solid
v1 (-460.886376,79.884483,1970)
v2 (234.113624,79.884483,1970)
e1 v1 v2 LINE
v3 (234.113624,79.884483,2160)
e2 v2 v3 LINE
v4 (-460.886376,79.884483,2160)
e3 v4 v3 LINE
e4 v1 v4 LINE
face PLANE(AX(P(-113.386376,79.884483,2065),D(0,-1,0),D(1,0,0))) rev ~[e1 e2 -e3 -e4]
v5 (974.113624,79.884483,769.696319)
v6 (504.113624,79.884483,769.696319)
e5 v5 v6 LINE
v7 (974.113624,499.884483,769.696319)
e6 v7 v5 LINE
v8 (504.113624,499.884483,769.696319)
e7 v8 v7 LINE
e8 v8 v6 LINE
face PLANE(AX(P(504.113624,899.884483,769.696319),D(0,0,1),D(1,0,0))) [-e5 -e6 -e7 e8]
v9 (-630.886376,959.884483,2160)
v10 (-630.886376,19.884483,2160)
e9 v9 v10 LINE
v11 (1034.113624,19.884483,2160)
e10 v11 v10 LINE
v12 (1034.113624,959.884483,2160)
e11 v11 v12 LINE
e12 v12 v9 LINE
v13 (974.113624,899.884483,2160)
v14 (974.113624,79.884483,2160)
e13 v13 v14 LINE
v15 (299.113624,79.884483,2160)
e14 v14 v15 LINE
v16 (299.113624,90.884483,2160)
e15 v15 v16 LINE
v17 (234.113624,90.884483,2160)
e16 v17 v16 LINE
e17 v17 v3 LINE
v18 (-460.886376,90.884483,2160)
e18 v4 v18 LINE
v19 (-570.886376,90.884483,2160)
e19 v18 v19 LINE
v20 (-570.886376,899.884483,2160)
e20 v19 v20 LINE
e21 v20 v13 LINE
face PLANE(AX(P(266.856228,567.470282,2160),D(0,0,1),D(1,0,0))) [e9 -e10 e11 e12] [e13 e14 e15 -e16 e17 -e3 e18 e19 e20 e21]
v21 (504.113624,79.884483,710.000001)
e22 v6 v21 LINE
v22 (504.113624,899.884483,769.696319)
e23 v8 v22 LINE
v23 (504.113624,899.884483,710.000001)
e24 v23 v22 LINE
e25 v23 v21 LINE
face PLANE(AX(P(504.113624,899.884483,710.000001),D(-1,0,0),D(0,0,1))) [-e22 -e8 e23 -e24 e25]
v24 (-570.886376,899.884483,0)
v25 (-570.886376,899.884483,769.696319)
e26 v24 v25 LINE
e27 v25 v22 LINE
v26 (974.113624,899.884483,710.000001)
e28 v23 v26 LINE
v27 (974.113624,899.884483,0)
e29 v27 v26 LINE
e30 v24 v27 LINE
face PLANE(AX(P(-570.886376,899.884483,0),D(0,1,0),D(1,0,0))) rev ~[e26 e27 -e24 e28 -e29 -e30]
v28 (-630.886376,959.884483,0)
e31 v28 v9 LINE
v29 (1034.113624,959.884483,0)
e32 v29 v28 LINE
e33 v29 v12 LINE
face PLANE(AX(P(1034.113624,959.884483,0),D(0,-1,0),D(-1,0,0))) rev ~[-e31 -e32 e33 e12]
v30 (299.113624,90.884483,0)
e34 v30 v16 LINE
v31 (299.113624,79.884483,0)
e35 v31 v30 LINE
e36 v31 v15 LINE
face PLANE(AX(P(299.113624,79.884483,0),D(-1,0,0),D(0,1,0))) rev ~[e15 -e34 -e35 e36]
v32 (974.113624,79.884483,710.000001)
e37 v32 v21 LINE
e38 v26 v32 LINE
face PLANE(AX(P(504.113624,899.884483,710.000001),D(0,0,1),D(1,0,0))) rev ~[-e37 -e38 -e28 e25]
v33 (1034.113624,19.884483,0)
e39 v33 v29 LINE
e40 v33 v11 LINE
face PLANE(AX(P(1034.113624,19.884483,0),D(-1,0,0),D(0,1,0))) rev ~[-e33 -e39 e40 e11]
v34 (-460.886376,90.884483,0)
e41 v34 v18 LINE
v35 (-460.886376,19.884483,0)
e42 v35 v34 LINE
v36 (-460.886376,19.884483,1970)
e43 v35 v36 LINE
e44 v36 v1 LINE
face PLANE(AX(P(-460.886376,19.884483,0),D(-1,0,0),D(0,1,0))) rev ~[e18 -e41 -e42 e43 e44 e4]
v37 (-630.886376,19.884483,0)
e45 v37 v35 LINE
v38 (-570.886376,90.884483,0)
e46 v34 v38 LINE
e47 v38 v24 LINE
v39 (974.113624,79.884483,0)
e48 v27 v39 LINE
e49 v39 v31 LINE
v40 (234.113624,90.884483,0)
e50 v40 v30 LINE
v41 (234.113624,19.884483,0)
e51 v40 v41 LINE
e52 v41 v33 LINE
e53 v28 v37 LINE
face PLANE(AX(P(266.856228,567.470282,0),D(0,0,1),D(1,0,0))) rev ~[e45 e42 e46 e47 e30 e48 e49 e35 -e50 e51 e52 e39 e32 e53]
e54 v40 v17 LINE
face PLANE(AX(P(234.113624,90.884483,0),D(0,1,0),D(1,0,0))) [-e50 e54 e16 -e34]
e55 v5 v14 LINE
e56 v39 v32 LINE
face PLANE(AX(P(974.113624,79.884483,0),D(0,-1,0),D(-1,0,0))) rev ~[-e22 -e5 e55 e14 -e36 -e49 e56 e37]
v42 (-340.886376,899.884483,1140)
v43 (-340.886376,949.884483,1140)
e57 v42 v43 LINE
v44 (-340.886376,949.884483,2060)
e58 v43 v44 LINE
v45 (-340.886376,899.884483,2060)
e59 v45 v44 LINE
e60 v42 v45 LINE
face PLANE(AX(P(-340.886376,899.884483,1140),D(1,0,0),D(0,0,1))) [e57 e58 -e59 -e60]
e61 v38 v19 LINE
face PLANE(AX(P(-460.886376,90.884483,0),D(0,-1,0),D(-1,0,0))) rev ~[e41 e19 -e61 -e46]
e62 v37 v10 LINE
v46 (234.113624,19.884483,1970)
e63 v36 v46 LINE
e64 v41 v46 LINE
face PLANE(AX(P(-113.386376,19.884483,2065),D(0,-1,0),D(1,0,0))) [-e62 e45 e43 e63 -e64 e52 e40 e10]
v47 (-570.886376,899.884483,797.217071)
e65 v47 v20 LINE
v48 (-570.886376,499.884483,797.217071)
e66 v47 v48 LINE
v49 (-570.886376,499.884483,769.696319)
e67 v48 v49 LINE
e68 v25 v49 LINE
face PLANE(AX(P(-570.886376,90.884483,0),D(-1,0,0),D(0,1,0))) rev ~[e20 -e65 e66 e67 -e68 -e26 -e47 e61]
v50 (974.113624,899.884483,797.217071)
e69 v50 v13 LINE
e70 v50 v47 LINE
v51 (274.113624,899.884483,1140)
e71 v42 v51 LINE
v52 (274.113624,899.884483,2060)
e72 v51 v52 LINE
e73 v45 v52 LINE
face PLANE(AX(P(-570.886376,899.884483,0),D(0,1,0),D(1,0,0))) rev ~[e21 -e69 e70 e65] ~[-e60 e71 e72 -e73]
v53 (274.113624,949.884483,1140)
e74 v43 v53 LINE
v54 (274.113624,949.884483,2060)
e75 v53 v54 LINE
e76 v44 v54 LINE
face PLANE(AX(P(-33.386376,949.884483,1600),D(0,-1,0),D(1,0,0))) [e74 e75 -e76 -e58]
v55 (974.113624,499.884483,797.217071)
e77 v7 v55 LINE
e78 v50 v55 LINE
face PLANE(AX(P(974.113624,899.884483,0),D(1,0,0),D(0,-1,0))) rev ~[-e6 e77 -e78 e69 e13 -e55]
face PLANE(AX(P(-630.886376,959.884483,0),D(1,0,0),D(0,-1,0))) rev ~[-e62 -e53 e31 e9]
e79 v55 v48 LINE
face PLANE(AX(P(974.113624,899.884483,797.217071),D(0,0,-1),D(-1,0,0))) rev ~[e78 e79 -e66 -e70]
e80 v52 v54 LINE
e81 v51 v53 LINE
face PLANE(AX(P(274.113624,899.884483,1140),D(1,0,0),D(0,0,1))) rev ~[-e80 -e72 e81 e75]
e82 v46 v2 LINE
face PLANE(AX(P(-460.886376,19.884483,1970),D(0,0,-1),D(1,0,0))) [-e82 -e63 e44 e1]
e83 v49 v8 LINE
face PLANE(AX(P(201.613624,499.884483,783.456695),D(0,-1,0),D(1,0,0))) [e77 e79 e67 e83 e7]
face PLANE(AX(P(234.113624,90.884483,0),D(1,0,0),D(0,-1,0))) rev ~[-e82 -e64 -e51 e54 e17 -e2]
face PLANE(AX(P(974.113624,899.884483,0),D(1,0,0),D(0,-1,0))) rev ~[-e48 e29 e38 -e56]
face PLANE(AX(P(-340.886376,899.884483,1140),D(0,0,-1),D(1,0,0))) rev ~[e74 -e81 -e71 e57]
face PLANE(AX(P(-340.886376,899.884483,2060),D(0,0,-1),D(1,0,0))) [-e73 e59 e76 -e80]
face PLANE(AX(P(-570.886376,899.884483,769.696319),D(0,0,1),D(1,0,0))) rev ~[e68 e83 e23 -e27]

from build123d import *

# Parameters (mm, degrees)
F0_W     = 65
F0_H     = 11
F1_DEPTH = 2160
F2_W     = 615
F2_H     = 920
F3_DEPTH = 50
F2_W_2   = 470
F2_H_2   = 59.696319
F4_DEPTH = 850
F5_W     = 695
F5_H     = 190
F6_DEPTH = 60
F7_DEPTH = 400


with BuildPart() as f1:
    # F0 (on Top) → F1 (new body)
    with BuildSketch(Plane.XY):
        Polygon((-570.886376, 90.884483), (-570.886376, 899.884483), (974.113624, 899.884483), (974.113624, 79.884483), (299.113624, 79.884483), (234.113624, 79.884483), (234.113624, 19.884483), (1034.113624, 19.884483), (1034.113624, 959.884483), (-630.886376, 959.884483), (-630.886376, 19.884483), (-570.886376, 19.884483), (-570.886376, 79.884483), align=None)
        Polygon((-460.886376, 90.884483), (-570.886376, 90.884483), (-570.886376, 79.884483), (-570.886376, 19.884483), (-460.886376, 19.884483), align=None)
        with Locations((266.613624, 85.384483)):
            Rectangle(F0_W, F0_H)
    extrude(amount=F1_DEPTH)

    # F2 (on face) → F3 (cut)
    with BuildSketch(Plane.XZ.offset(-899.884483)):
        with Locations((-33.386376, 1600)):
            Rectangle(F2_W, F2_H)
    extrude(amount=-F3_DEPTH, mode=Mode.SUBTRACT)

    # F2 (on face) → F4 (join)
    with BuildSketch(Plane.XZ.offset(-899.884483)):
        with Locations((739.113624, 739.84816)):
            Rectangle(F2_W_2, F2_H_2)
    extrude(amount=F4_DEPTH)

    # F5 (on face) → F6 (join)
    with BuildSketch(Plane.XZ.offset(-19.884483)):
        with Locations((-113.386376, 2065)):
            Rectangle(F5_W, F5_H)
    extrude(amount=-F6_DEPTH)

    # F2 (on face) → F7 (join)
    with BuildSketch(Plane.XZ.offset(-899.884483)):
        Polygon((974.113624, 797.217071), (-570.886376, 797.217071), (-570.886376, 769.696319), (504.113624, 769.696319), (974.113624, 769.696319), align=None)
    extrude(amount=F7_DEPTH)


solid = f1.part
